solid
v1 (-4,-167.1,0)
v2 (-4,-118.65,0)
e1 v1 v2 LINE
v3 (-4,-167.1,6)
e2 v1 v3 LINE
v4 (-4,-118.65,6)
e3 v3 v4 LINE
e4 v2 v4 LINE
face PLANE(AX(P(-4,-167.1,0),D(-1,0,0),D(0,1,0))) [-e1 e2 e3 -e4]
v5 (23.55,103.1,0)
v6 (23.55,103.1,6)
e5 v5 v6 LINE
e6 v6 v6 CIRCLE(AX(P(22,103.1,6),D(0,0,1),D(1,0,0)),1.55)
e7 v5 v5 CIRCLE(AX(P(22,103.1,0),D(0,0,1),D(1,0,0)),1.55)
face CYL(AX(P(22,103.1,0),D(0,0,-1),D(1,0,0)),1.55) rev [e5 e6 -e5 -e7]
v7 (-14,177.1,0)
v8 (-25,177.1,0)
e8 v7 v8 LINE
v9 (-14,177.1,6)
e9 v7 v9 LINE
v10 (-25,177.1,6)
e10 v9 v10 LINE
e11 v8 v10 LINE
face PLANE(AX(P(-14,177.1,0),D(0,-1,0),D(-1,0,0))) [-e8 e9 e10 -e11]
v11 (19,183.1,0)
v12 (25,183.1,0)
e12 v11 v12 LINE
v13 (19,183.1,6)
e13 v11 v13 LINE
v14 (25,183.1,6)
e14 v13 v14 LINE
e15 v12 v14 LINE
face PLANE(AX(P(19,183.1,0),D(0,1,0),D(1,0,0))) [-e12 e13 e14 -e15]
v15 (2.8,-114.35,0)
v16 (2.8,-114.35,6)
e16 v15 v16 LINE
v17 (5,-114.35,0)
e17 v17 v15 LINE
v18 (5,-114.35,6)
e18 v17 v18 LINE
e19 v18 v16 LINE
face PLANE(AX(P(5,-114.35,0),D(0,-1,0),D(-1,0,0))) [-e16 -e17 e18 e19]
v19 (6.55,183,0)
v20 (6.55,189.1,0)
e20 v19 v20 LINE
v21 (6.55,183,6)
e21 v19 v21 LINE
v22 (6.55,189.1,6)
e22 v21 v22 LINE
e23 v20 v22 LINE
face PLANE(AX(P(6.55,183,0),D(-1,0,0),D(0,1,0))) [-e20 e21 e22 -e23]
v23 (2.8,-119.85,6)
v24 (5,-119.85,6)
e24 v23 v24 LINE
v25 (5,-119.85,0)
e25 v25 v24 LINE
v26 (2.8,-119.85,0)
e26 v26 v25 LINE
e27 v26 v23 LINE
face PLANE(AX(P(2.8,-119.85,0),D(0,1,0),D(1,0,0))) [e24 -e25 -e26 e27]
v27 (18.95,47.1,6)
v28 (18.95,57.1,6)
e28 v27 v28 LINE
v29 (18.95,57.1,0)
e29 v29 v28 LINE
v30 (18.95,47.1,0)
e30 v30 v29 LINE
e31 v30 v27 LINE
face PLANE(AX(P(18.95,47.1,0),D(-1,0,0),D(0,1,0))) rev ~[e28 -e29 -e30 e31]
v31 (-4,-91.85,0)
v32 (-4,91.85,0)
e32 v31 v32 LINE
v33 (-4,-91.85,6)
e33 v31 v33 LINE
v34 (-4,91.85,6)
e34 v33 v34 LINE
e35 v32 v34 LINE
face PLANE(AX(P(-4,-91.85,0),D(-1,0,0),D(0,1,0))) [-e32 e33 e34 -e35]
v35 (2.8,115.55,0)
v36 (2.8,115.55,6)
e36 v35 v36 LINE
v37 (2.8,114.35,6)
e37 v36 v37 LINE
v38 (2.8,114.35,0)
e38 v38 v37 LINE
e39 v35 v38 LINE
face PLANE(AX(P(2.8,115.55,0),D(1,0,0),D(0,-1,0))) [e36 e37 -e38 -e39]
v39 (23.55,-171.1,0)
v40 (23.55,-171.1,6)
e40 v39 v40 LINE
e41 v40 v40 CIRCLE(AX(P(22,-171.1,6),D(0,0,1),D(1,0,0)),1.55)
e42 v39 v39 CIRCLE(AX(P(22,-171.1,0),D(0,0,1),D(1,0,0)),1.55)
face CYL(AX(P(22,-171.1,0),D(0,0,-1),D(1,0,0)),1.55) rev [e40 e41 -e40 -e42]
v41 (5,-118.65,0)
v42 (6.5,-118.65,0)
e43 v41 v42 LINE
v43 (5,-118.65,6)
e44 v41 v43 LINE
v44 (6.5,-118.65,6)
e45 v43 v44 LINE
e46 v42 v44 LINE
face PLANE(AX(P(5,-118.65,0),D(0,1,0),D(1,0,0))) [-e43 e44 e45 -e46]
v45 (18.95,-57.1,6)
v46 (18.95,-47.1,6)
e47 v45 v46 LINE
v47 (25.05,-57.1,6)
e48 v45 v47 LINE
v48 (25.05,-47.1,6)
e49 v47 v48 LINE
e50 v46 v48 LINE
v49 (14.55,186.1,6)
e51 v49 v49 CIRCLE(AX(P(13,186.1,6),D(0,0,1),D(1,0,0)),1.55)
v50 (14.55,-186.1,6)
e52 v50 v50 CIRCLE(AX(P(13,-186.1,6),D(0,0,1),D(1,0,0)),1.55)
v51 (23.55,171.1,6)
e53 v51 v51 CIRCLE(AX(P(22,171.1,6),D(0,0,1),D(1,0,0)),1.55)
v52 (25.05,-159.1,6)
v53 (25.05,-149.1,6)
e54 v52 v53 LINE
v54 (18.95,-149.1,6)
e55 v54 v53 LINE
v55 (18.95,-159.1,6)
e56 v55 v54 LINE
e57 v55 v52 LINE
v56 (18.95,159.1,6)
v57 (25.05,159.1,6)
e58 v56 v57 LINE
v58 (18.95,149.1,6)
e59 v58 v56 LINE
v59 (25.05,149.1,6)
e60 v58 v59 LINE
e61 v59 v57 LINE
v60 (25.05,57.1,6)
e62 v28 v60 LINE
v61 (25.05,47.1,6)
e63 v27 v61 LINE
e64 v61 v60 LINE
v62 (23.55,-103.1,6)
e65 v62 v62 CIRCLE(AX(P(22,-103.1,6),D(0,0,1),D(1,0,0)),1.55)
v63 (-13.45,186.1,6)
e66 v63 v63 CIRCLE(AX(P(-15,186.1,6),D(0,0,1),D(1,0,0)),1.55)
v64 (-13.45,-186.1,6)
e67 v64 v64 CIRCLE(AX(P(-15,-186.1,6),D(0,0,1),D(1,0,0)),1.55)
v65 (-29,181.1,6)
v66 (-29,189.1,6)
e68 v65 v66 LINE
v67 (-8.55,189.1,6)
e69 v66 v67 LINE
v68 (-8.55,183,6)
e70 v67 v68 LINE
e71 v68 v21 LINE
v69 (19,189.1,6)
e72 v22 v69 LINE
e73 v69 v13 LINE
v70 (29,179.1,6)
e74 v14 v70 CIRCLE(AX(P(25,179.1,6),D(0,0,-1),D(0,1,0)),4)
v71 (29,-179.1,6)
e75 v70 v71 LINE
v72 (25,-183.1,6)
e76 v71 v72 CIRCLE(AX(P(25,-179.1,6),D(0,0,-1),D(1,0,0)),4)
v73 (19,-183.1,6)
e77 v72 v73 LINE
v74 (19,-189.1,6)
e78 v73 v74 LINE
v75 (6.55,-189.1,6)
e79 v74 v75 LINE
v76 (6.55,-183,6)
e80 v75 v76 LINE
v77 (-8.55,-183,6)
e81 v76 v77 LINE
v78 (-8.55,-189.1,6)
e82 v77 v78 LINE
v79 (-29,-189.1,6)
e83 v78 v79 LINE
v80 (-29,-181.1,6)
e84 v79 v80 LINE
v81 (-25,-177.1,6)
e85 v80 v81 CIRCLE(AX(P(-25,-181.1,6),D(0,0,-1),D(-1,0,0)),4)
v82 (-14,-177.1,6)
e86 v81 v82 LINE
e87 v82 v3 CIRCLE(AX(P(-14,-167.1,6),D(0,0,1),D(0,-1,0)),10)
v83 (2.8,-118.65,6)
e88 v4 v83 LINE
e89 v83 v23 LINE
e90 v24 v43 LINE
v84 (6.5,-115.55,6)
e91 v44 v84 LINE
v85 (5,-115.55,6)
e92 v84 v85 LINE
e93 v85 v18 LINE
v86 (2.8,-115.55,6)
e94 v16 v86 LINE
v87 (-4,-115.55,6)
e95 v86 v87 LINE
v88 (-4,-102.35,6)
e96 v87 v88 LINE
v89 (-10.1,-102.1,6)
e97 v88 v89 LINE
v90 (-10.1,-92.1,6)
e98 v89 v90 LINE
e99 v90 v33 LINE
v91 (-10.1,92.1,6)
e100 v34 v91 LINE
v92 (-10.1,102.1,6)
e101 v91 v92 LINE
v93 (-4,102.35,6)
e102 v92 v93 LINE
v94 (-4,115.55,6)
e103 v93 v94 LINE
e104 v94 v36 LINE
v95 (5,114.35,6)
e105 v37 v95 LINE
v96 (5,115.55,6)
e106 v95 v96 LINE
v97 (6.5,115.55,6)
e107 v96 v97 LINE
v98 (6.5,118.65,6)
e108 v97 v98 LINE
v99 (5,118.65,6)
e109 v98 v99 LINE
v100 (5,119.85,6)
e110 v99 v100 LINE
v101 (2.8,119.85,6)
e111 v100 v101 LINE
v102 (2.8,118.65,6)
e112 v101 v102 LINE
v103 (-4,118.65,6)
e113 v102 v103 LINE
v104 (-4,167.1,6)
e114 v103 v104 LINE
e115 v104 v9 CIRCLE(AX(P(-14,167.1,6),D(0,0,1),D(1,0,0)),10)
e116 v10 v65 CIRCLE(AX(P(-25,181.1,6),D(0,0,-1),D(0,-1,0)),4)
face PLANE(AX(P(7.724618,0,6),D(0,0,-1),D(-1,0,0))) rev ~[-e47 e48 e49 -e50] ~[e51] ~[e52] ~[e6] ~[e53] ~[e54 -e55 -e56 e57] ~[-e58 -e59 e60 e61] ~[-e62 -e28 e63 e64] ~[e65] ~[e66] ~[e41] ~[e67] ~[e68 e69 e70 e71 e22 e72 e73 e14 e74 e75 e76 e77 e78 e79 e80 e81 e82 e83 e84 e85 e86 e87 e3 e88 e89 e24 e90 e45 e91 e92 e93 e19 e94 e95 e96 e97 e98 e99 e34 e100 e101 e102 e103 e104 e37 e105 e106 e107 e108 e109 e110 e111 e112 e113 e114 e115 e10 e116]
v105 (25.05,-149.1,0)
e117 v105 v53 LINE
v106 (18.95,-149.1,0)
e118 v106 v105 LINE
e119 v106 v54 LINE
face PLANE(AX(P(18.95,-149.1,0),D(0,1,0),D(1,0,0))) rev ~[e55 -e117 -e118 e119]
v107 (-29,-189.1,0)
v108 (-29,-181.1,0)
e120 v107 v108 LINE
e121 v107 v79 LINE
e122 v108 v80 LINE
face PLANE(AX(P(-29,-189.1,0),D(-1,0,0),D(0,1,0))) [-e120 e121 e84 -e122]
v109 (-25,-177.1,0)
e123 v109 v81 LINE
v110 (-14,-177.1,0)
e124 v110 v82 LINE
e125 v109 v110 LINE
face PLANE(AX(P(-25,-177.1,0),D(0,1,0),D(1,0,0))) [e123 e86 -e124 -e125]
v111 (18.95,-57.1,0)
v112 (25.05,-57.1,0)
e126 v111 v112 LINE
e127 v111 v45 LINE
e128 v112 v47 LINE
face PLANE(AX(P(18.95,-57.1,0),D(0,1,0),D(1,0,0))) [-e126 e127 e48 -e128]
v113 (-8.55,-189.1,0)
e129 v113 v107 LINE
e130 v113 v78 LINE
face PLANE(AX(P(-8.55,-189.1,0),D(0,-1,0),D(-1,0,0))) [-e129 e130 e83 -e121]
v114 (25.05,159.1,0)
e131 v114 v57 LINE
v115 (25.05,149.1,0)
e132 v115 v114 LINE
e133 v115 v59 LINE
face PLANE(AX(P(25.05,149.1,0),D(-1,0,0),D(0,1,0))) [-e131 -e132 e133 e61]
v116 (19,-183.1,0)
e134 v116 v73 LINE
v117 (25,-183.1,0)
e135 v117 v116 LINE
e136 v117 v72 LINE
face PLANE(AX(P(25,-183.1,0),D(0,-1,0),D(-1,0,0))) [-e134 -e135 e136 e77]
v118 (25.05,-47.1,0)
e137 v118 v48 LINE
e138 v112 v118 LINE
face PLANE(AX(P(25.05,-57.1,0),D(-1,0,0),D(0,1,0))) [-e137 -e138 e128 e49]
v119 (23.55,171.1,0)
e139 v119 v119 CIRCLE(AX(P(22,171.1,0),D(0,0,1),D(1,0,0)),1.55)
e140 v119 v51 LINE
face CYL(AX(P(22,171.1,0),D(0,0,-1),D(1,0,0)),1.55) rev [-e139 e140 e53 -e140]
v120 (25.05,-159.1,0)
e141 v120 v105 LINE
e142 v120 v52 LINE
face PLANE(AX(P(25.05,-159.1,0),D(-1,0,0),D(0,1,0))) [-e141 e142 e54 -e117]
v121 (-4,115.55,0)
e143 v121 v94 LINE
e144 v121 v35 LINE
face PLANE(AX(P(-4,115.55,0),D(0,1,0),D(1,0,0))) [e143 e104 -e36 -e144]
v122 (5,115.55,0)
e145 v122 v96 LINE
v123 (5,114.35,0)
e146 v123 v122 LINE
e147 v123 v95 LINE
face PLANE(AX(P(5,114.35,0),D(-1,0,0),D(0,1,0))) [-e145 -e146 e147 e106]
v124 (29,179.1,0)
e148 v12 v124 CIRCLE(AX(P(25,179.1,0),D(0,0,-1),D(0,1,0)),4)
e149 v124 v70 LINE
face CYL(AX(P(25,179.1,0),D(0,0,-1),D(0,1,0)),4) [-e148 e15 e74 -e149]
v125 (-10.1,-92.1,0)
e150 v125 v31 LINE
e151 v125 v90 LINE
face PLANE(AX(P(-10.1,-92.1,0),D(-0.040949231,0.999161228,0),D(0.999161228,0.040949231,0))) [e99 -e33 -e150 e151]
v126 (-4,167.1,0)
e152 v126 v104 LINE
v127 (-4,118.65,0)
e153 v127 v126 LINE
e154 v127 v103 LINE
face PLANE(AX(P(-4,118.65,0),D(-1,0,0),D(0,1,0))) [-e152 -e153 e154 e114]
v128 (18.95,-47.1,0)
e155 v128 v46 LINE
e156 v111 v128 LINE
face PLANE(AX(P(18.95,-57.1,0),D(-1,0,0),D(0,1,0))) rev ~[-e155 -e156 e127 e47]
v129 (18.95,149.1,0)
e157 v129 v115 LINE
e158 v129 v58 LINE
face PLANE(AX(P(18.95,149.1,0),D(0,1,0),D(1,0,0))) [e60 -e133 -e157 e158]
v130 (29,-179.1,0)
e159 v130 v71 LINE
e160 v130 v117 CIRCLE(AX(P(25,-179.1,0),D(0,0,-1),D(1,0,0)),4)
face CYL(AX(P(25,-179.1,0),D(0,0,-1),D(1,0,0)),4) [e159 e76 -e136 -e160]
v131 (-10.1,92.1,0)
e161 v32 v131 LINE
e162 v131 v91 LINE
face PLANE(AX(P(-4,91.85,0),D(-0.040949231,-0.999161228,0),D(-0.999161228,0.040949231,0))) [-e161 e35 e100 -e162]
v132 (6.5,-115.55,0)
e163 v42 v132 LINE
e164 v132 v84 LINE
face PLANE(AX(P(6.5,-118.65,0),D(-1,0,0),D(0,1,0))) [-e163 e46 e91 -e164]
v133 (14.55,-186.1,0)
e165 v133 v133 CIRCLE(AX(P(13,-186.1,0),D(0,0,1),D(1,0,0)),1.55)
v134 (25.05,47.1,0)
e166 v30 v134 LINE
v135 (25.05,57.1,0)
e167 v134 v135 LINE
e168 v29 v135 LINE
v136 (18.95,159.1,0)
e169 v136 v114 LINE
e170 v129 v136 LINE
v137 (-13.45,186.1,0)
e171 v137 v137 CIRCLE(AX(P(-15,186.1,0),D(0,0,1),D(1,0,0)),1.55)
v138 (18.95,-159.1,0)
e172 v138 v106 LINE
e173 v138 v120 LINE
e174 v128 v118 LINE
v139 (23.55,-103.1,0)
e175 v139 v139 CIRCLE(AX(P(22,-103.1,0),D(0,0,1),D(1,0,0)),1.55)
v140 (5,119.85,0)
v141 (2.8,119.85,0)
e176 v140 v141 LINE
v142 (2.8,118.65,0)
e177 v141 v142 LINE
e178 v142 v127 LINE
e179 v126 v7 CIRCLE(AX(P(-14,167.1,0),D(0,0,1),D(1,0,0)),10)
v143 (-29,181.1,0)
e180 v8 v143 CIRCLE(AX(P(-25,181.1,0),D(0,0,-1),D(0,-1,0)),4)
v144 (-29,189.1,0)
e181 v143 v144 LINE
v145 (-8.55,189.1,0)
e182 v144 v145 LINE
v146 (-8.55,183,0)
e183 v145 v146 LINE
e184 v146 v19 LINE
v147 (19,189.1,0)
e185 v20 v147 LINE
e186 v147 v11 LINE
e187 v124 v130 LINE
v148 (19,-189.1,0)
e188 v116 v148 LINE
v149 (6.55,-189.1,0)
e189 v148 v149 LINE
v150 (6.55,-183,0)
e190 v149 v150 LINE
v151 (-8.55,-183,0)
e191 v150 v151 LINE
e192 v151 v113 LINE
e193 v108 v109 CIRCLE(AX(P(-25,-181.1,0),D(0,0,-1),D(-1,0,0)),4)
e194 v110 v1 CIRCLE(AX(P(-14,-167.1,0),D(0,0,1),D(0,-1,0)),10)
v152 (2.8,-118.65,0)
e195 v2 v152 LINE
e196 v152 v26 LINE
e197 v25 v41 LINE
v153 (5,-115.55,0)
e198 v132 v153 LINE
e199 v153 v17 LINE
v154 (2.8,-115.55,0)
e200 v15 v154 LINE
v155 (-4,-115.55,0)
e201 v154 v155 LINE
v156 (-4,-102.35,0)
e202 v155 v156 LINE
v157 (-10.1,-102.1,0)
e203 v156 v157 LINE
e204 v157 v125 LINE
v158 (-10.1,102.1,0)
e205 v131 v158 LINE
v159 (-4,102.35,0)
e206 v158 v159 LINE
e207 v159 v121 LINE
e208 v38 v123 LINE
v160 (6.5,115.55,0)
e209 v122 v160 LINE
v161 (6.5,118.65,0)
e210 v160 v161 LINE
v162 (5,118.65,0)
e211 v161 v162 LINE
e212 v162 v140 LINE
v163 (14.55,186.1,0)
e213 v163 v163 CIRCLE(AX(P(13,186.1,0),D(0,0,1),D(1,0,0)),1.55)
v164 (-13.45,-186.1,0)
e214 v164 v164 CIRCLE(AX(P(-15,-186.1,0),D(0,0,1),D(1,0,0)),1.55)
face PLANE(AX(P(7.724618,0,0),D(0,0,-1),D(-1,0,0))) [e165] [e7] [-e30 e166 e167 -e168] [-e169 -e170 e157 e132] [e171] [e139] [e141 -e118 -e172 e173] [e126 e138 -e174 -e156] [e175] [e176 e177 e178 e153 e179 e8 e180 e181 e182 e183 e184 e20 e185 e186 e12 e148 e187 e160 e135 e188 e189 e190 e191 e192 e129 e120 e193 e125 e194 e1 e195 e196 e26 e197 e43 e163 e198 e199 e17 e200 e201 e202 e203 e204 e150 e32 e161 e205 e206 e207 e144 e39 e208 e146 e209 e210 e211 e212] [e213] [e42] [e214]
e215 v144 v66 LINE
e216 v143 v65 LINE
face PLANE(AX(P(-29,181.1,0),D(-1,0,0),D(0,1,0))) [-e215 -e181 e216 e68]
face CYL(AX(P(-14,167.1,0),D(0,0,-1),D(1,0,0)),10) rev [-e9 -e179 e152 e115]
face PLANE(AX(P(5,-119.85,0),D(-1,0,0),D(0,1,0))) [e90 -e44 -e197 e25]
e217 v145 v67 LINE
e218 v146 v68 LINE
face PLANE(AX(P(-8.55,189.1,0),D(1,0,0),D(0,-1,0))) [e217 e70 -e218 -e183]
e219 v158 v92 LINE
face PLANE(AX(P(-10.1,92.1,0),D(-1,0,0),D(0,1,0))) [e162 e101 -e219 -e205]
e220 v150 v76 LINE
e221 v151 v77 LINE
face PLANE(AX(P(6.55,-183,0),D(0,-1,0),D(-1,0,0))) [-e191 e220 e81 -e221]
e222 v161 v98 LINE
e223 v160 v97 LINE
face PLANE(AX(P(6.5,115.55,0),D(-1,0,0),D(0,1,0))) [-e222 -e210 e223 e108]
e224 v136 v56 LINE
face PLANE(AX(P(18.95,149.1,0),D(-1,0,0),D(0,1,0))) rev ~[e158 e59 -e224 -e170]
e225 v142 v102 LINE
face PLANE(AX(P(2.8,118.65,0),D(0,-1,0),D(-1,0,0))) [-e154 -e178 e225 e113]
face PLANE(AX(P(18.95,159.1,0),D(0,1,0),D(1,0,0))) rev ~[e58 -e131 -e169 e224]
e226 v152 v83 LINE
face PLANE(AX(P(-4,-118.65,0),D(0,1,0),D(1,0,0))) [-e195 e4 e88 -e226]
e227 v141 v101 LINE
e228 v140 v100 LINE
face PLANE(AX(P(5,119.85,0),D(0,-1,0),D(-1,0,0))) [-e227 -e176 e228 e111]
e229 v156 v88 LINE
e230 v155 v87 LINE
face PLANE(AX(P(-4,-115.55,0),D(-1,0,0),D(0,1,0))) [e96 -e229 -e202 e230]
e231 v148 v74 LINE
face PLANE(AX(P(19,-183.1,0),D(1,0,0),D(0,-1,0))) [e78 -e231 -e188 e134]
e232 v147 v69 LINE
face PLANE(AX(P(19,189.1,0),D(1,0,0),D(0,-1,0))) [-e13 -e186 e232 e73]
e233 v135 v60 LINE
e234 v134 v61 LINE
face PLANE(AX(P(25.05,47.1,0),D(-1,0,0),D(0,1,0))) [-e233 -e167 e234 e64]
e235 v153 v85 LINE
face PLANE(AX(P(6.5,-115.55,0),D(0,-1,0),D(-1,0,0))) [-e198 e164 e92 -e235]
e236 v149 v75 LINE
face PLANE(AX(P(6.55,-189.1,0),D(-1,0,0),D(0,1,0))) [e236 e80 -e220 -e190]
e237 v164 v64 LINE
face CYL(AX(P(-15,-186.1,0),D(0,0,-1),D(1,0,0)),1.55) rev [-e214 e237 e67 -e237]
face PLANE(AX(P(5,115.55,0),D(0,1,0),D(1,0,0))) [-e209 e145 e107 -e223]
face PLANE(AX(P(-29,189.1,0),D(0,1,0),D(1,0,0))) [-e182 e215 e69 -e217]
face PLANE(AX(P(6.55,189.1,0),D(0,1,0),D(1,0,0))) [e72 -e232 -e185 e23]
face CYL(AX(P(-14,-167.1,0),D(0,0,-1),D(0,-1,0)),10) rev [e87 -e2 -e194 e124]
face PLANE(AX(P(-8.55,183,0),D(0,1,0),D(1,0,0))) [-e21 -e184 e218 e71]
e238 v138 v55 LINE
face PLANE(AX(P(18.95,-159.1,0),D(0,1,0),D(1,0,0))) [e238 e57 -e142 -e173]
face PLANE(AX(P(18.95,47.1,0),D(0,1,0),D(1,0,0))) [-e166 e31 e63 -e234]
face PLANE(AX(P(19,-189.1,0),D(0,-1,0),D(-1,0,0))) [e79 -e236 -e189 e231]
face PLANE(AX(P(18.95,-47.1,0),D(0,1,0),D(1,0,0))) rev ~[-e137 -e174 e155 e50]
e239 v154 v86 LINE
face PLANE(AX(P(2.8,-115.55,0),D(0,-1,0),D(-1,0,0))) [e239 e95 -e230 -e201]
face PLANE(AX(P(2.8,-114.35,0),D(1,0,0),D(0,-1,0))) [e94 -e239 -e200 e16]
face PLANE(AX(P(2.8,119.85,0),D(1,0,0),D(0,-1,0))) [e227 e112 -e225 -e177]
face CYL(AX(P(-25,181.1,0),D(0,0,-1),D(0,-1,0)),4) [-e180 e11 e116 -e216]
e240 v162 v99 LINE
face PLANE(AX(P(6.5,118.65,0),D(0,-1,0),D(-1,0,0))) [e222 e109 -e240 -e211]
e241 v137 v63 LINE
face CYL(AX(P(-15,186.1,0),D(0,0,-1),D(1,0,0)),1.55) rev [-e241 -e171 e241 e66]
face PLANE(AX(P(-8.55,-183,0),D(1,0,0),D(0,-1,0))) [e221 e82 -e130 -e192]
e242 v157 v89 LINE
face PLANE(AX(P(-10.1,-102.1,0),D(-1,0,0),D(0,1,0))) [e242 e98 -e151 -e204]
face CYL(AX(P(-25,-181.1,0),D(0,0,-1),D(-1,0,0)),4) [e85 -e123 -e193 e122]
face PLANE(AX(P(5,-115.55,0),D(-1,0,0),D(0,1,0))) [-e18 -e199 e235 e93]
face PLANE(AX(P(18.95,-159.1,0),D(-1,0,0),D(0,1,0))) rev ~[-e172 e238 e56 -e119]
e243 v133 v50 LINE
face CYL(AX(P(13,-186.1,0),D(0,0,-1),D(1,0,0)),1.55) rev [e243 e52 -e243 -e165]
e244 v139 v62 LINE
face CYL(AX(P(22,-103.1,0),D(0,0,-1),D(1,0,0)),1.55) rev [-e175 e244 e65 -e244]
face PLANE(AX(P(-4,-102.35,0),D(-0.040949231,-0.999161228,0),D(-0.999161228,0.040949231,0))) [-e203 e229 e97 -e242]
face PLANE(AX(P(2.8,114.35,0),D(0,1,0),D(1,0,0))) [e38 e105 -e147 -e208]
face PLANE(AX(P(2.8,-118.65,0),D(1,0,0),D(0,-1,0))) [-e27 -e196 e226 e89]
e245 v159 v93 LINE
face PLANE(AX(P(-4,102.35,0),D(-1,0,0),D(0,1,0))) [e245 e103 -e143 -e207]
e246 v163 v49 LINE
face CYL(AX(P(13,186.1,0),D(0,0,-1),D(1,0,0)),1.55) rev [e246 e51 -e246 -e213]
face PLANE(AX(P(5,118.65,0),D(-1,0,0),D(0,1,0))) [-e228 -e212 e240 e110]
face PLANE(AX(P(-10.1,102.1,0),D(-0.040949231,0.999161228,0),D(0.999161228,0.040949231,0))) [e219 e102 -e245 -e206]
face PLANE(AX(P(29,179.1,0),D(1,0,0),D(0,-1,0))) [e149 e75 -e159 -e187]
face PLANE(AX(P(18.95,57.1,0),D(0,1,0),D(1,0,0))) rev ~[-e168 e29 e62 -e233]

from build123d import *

# Parameters (mm, degrees)
SKETCH_1_R      = 1.55
SKETCH_1_W      = 6.1
SKETCH_1_H      = 10
EXTRUDE_1_DEPTH = 6


with BuildPart() as part:
    # Эскиз1 → Бобышка-Вытянуть1 (new body)
    with BuildSketch(Plane.XY):
        with BuildLine():
            Line((2.8, 115.55), (2.8, 114.35))
            Line((2.8, 114.35), (5, 114.35))
            Line((5, 114.35), (5, 115.55))
            Line((5, 115.55), (6.5, 115.55))
            Line((6.5, 115.55), (6.5, 118.65))
            Line((6.5, 118.65), (5, 118.65))
            Line((5, 118.65), (5, 119.85))
            Line((5, 119.85), (2.8, 119.85))
            Line((2.8, 119.85), (2.8, 118.65))
            Line((2.8, 118.65), (-4, 118.65))
            Line((-4, 118.65), (-4, 167.1))
            ThreePointArc((-4, 167.1), (-6.928932188, 174.171067812), (-14, 177.1))
            Line((-14, 177.1), (-25, 177.1))
            ThreePointArc((-25, 177.1), (-27.828427125, 178.271572875), (-29, 181.1))
            Line((-29, 181.1), (-29, 189.1))
            Line((-29, 189.1), (-8.55, 189.1))
            Line((-8.55, 189.1), (-8.55, 183))
            Line((-8.55, 183), (6.55, 183))
            Line((6.55, 183), (6.55, 189.1))
            Line((6.55, 189.1), (19, 189.1))
            Line((19, 189.1), (19, 183.1))
            Line((19, 183.1), (25, 183.1))
            ThreePointArc((25, 183.1), (27.828427125, 181.928427125), (29, 179.1))
            Line((29, 179.1), (29, -179.1))
            ThreePointArc((29, -179.1), (27.828427125, -181.928427125), (25, -183.1))
            Line((25, -183.1), (19, -183.1))
            Line((19, -183.1), (19, -189.1))
            Line((19, -189.1), (6.55, -189.1))
            Line((6.55, -189.1), (6.55, -183))
            Line((6.55, -183), (-8.55, -183))
            Line((-8.55, -183), (-8.55, -189.1))
            Line((-8.55, -189.1), (-29, -189.1))
            Line((-29, -189.1), (-29, -181.1))
            ThreePointArc((-29, -181.1), (-27.828427125, -178.271572875), (-25, -177.1))
            Line((-25, -177.1), (-14, -177.1))
            ThreePointArc((-14, -177.1), (-6.928932188, -174.171067812), (-4, -167.1))
            Line((-4, -167.1), (-4, -118.65))
            Line((-4, -118.65), (2.8, -118.65))
            Line((2.8, -118.65), (2.8, -119.85))
            Line((2.8, -119.85), (5, -119.85))
            Line((5, -119.85), (5, -118.65))
            Line((5, -118.65), (6.5, -118.65))
            Line((6.5, -118.65), (6.5, -115.55))
            Line((6.5, -115.55), (5, -115.55))
            Line((5, -115.55), (5, -114.35))
            Line((5, -114.35), (2.8, -114.35))
            Line((2.8, -114.35), (2.8, -115.55))
            Line((2.8, -115.55), (-4, -115.55))
            Line((-4, -115.55), (-4, -102.35))
            Line((-4, -102.35), (-10.1, -102.1))
            Line((-10.1, -102.1), (-10.1, -92.1))
            Line((-10.1, -92.1), (-4, -91.85))
            Line((-4, -91.85), (-4, 91.85))
            Line((-4, 91.85), (-10.1, 92.1))
            Line((-10.1, 92.1), (-10.1, 102.1))
            Line((-10.1, 102.1), (-4, 102.35))
            Line((-4, 102.35), (-4, 115.55))
            Line((-4, 115.55), (2.8, 115.55))
        make_face()
        with Locations((-15, 186.1)):
            Circle(SKETCH_1_R, mode=Mode.SUBTRACT)
        with Locations((13, 186.1)):
            Circle(SKETCH_1_R, mode=Mode.SUBTRACT)
        with Locations((22, 103.1)):
            Circle(SKETCH_1_R, mode=Mode.SUBTRACT)
        with Locations((22, 171.1)):
            Circle(SKETCH_1_R, mode=Mode.SUBTRACT)
        with Locations((-15, -186.1)):
            Circle(SKETCH_1_R, mode=Mode.SUBTRACT)
        with Locations((13, -186.1)):
            Circle(SKETCH_1_R, mode=Mode.SUBTRACT)
        with Locations((22, -103.1)):
            Circle(SKETCH_1_R, mode=Mode.SUBTRACT)
        with Locations((22, -171.1)):
            Circle(SKETCH_1_R, mode=Mode.SUBTRACT)
        with Locations((22, 154.1)):
            Rectangle(SKETCH_1_W, SKETCH_1_H, mode=Mode.SUBTRACT)
        with Locations((22, 52.1)):
            Rectangle(SKETCH_1_W, SKETCH_1_H, mode=Mode.SUBTRACT)
        with Locations((22, -154.1)):
            Rectangle(SKETCH_1_W, SKETCH_1_H, mode=Mode.SUBTRACT)
        with Locations((22, -52.1)):
            Rectangle(SKETCH_1_W, SKETCH_1_H, mode=Mode.SUBTRACT)
    extrude(amount=EXTRUDE_1_DEPTH)


solid = part.part
